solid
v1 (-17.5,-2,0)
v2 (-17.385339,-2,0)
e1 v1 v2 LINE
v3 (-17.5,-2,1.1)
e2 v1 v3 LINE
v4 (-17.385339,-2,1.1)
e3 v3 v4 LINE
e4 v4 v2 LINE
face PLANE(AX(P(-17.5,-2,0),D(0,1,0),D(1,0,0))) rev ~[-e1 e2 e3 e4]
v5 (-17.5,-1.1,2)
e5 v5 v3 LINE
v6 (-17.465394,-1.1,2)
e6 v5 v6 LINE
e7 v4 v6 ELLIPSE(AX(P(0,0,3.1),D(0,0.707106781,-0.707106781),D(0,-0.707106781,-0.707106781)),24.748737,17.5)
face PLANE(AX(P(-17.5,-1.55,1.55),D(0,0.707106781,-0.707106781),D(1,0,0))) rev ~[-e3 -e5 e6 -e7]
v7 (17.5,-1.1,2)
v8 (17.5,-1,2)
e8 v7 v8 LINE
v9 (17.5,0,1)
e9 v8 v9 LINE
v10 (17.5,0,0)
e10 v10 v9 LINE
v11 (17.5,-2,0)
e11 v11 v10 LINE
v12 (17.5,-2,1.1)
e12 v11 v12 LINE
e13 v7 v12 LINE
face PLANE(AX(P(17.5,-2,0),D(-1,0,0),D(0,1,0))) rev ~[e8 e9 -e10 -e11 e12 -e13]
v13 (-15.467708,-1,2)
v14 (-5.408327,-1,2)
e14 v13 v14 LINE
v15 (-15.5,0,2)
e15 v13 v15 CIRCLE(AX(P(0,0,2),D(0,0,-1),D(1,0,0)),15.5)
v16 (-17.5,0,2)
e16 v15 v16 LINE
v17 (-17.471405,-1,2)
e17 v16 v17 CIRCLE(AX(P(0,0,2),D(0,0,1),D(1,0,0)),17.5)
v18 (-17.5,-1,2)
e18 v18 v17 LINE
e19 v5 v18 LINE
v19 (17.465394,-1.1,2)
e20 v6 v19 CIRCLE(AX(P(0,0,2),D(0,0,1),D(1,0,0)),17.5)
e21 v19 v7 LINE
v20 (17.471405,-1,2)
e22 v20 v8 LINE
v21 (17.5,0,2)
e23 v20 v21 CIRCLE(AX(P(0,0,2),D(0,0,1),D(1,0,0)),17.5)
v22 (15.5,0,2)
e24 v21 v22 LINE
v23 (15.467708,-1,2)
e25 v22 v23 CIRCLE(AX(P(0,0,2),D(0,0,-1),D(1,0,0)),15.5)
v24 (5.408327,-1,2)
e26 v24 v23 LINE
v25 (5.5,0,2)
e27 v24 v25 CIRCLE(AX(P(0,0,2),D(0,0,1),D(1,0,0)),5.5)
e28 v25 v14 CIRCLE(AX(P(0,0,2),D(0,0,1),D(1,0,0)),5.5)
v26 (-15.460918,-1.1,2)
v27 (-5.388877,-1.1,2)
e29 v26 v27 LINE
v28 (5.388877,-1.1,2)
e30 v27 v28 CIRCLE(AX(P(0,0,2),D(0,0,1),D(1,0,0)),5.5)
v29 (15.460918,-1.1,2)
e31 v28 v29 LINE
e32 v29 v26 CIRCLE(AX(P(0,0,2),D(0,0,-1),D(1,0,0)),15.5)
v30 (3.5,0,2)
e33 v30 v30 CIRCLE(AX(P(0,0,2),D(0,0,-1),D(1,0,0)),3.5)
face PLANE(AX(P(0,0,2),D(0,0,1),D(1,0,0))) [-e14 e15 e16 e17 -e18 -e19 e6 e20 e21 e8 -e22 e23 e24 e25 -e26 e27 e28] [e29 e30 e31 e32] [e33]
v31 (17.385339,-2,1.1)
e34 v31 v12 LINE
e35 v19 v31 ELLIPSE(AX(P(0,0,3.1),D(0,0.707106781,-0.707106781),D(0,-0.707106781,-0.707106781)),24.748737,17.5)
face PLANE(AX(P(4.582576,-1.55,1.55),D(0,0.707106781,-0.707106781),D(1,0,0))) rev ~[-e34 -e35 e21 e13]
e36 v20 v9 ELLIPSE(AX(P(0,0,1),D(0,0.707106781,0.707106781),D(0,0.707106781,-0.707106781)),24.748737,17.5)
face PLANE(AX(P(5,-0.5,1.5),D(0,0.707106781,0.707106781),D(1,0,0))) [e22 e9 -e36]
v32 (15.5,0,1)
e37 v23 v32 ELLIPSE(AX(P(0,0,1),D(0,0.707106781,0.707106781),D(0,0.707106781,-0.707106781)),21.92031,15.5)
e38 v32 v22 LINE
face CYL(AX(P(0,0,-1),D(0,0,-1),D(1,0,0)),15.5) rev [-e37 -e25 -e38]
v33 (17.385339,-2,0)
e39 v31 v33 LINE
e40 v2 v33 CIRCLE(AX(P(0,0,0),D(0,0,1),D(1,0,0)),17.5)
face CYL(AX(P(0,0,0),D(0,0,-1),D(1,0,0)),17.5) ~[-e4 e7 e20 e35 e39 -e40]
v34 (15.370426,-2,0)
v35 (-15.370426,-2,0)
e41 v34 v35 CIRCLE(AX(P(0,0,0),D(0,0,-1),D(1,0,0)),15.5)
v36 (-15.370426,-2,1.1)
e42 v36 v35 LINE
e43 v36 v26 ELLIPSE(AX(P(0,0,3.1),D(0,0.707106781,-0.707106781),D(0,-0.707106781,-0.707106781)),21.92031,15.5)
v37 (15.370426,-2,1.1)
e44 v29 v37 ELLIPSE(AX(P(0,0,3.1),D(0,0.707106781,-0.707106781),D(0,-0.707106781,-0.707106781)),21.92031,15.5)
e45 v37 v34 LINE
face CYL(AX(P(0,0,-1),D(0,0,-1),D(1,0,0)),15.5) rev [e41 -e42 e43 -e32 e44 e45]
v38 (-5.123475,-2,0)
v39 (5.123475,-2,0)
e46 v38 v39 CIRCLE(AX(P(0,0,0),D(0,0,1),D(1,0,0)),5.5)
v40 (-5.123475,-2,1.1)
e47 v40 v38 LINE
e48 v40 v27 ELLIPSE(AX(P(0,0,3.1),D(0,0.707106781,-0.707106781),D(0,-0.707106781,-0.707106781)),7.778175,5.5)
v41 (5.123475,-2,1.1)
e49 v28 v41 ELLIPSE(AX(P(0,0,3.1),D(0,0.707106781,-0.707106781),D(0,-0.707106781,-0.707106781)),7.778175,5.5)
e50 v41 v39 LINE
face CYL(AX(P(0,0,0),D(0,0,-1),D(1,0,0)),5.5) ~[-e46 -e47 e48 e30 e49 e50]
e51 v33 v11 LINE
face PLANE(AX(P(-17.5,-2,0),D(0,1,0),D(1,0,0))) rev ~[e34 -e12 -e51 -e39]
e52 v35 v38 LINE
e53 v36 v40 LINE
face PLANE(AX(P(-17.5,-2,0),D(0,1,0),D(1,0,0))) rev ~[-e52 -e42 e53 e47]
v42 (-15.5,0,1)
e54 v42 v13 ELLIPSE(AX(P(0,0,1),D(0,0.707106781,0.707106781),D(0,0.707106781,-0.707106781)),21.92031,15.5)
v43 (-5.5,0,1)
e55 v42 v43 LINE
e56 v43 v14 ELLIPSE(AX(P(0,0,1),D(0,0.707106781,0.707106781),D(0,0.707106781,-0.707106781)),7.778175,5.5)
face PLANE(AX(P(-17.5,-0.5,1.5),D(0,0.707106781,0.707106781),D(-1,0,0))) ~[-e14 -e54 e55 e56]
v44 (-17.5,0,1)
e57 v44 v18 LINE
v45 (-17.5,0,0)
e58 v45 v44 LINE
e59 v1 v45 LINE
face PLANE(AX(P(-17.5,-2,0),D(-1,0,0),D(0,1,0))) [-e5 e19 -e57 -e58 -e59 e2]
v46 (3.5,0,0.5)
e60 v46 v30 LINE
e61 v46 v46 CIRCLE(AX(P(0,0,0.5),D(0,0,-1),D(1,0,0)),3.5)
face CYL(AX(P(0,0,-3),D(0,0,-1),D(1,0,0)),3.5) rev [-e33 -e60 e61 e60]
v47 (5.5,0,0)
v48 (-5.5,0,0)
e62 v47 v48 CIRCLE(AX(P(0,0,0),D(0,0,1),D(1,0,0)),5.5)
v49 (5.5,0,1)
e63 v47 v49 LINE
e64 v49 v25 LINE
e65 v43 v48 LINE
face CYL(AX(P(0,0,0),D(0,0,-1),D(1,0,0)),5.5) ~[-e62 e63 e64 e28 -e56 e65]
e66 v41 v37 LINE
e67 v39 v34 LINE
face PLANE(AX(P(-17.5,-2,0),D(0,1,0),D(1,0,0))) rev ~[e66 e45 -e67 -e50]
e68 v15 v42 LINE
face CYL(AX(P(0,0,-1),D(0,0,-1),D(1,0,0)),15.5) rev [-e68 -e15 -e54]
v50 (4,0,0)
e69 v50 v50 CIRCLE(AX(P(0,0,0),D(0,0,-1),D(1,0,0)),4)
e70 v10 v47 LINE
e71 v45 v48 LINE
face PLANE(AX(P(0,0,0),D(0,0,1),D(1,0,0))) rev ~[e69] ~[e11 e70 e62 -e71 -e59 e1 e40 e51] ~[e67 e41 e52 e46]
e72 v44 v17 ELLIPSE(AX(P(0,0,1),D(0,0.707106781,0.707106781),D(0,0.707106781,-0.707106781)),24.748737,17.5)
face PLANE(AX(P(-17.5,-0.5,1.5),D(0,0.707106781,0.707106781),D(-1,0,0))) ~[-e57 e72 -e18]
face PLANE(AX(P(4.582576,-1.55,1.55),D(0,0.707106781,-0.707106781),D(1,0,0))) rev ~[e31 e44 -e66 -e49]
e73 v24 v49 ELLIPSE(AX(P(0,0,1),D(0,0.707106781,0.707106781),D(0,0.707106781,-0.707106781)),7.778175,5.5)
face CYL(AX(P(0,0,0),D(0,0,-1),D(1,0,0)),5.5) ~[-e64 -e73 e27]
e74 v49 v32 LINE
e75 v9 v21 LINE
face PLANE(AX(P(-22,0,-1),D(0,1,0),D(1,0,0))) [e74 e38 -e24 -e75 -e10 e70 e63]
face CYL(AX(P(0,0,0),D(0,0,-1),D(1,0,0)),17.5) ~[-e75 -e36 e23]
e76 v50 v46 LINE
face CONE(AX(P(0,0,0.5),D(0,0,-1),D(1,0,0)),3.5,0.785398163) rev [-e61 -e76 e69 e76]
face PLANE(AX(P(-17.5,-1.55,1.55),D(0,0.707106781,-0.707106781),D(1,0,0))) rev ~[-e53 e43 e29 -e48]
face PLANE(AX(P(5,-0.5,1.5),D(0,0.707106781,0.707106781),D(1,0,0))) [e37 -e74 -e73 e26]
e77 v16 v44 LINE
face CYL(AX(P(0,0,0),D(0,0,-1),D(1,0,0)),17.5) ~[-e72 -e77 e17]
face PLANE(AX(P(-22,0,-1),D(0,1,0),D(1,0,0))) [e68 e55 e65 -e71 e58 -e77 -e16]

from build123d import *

# Parameters (mm, degrees)
BOX_W             = 43
BOX_H             = 27
BOX_DEPTH         = 10
CYLINDER001_R     = 15.5
CYLINDER001_DEPTH = 9
CYLINDER002_R     = 17.5
CYLINDER002_DEPTH = 2
CYLINDER_R        = 3.5
CYLINDER_DEPTH    = 10
CYLINDER003_R     = 5.5
CYLINDER003_DEPTH = 2
CYLINDER004_R     = 5
CYLINDER004_DEPTH = 10
BOX001_W          = 35
BOX001_H          = 2
BOX001_DEPTH      = 2
CHAMFER_SIZE      = 1
CHAMFER001_SIZE   = 0.9
CHAMFER002_SIZE   = 1
CHAMFER003_SIZE   = 0.9
CHAMFER004_SIZE   = 0.5


with BuildPart() as cube:
    # Box → Box (new body)
    with BuildSketch(Plane(origin=(-22, 0, -1), x_dir=(1, 0, 0), z_dir=(0, 0, 1))):
        with Locations((21.5, 13.5)):
            Rectangle(BOX_W, BOX_H)
    extrude(amount=BOX_DEPTH)


with BuildPart() as cylinder001:
    # Cylinder001 → Cylinder001 (new body)
    with BuildSketch(Plane.XY.offset(-1)):
        Circle(CYLINDER001_R)
    extrude(amount=CYLINDER001_DEPTH)


with BuildPart() as cut001:
    # Cylinder002 → Cylinder002 (new body)
    with BuildSketch(Plane.XY):
        Circle(CYLINDER002_R)
    extrude(amount=CYLINDER002_DEPTH)

    # Cut: cut Cylinder001
    add(cylinder001.part, mode=Mode.SUBTRACT)

    # Cut001: cut Cube
    add(cube.part, mode=Mode.SUBTRACT)


with BuildPart() as cylinder:
    # Cylinder → Cylinder (new body)
    with BuildSketch(Plane.XY.offset(-3)):
        Circle(CYLINDER_R)
    extrude(amount=CYLINDER_DEPTH)


with BuildPart() as cut002:
    # Cylinder003 → Cylinder003 (new body)
    with BuildSketch(Plane.XY):
        Circle(CYLINDER003_R)
    extrude(amount=CYLINDER003_DEPTH)

    # Cut002: cut Cylinder
    add(cylinder.part, mode=Mode.SUBTRACT)


with BuildPart() as cylinder004:
    # Cylinder004 → Cylinder004 (new body)
    with BuildSketch(Plane.XY.offset(-3)):
        Circle(CYLINDER004_R)
    extrude(amount=CYLINDER004_DEPTH)


with BuildPart() as prop_guard:
    # Box001 → Box001 (new body)
    with BuildSketch(Plane(origin=(-17.5, -2, 0), x_dir=(1, 0, 0), z_dir=(0, 0, 1))):
        with Locations((17.5, 1)):
            Rectangle(BOX001_W, BOX001_H)
    extrude(amount=BOX001_DEPTH)

    # Cut003: cut Cylinder004
    add(cylinder004.part, mode=Mode.SUBTRACT)

    # Chamfer
    chamfer_edges = [prop_guard.edges().sort_by_distance(p)[0] for p in [
        (11.25, 0, 2),
    ]]
    chamfer(chamfer_edges, length=CHAMFER_SIZE)

    # Chamfer001
    chamfer001_edges = [prop_guard.edges().sort_by_distance(p)[0] for p in [
        (11.041288, -2, 2),
    ]]
    chamfer(chamfer001_edges, length=CHAMFER001_SIZE)

    # Chamfer002
    chamfer002_edges = [prop_guard.edges().sort_by_distance(p)[0] for p in [
        (-11.25, 0, 2),
    ]]
    chamfer(chamfer002_edges, length=CHAMFER002_SIZE)

    # Chamfer003
    chamfer003_edges = [prop_guard.edges().sort_by_distance(p)[0] for p in [
        (-11.041288, -2, 2),
    ]]
    chamfer(chamfer003_edges, length=CHAMFER003_SIZE)

    # Fusion: union Cut001, Cut002
    add(cut001.part)
    add(cut002.part)

    # Chamfer004
    chamfer004_edges = [prop_guard.edges().sort_by_distance(p)[0] for p in [
        (-3.5, 0, 0),
    ]]
    chamfer(chamfer004_edges, length=CHAMFER004_SIZE)


solid = prop_guard.part
